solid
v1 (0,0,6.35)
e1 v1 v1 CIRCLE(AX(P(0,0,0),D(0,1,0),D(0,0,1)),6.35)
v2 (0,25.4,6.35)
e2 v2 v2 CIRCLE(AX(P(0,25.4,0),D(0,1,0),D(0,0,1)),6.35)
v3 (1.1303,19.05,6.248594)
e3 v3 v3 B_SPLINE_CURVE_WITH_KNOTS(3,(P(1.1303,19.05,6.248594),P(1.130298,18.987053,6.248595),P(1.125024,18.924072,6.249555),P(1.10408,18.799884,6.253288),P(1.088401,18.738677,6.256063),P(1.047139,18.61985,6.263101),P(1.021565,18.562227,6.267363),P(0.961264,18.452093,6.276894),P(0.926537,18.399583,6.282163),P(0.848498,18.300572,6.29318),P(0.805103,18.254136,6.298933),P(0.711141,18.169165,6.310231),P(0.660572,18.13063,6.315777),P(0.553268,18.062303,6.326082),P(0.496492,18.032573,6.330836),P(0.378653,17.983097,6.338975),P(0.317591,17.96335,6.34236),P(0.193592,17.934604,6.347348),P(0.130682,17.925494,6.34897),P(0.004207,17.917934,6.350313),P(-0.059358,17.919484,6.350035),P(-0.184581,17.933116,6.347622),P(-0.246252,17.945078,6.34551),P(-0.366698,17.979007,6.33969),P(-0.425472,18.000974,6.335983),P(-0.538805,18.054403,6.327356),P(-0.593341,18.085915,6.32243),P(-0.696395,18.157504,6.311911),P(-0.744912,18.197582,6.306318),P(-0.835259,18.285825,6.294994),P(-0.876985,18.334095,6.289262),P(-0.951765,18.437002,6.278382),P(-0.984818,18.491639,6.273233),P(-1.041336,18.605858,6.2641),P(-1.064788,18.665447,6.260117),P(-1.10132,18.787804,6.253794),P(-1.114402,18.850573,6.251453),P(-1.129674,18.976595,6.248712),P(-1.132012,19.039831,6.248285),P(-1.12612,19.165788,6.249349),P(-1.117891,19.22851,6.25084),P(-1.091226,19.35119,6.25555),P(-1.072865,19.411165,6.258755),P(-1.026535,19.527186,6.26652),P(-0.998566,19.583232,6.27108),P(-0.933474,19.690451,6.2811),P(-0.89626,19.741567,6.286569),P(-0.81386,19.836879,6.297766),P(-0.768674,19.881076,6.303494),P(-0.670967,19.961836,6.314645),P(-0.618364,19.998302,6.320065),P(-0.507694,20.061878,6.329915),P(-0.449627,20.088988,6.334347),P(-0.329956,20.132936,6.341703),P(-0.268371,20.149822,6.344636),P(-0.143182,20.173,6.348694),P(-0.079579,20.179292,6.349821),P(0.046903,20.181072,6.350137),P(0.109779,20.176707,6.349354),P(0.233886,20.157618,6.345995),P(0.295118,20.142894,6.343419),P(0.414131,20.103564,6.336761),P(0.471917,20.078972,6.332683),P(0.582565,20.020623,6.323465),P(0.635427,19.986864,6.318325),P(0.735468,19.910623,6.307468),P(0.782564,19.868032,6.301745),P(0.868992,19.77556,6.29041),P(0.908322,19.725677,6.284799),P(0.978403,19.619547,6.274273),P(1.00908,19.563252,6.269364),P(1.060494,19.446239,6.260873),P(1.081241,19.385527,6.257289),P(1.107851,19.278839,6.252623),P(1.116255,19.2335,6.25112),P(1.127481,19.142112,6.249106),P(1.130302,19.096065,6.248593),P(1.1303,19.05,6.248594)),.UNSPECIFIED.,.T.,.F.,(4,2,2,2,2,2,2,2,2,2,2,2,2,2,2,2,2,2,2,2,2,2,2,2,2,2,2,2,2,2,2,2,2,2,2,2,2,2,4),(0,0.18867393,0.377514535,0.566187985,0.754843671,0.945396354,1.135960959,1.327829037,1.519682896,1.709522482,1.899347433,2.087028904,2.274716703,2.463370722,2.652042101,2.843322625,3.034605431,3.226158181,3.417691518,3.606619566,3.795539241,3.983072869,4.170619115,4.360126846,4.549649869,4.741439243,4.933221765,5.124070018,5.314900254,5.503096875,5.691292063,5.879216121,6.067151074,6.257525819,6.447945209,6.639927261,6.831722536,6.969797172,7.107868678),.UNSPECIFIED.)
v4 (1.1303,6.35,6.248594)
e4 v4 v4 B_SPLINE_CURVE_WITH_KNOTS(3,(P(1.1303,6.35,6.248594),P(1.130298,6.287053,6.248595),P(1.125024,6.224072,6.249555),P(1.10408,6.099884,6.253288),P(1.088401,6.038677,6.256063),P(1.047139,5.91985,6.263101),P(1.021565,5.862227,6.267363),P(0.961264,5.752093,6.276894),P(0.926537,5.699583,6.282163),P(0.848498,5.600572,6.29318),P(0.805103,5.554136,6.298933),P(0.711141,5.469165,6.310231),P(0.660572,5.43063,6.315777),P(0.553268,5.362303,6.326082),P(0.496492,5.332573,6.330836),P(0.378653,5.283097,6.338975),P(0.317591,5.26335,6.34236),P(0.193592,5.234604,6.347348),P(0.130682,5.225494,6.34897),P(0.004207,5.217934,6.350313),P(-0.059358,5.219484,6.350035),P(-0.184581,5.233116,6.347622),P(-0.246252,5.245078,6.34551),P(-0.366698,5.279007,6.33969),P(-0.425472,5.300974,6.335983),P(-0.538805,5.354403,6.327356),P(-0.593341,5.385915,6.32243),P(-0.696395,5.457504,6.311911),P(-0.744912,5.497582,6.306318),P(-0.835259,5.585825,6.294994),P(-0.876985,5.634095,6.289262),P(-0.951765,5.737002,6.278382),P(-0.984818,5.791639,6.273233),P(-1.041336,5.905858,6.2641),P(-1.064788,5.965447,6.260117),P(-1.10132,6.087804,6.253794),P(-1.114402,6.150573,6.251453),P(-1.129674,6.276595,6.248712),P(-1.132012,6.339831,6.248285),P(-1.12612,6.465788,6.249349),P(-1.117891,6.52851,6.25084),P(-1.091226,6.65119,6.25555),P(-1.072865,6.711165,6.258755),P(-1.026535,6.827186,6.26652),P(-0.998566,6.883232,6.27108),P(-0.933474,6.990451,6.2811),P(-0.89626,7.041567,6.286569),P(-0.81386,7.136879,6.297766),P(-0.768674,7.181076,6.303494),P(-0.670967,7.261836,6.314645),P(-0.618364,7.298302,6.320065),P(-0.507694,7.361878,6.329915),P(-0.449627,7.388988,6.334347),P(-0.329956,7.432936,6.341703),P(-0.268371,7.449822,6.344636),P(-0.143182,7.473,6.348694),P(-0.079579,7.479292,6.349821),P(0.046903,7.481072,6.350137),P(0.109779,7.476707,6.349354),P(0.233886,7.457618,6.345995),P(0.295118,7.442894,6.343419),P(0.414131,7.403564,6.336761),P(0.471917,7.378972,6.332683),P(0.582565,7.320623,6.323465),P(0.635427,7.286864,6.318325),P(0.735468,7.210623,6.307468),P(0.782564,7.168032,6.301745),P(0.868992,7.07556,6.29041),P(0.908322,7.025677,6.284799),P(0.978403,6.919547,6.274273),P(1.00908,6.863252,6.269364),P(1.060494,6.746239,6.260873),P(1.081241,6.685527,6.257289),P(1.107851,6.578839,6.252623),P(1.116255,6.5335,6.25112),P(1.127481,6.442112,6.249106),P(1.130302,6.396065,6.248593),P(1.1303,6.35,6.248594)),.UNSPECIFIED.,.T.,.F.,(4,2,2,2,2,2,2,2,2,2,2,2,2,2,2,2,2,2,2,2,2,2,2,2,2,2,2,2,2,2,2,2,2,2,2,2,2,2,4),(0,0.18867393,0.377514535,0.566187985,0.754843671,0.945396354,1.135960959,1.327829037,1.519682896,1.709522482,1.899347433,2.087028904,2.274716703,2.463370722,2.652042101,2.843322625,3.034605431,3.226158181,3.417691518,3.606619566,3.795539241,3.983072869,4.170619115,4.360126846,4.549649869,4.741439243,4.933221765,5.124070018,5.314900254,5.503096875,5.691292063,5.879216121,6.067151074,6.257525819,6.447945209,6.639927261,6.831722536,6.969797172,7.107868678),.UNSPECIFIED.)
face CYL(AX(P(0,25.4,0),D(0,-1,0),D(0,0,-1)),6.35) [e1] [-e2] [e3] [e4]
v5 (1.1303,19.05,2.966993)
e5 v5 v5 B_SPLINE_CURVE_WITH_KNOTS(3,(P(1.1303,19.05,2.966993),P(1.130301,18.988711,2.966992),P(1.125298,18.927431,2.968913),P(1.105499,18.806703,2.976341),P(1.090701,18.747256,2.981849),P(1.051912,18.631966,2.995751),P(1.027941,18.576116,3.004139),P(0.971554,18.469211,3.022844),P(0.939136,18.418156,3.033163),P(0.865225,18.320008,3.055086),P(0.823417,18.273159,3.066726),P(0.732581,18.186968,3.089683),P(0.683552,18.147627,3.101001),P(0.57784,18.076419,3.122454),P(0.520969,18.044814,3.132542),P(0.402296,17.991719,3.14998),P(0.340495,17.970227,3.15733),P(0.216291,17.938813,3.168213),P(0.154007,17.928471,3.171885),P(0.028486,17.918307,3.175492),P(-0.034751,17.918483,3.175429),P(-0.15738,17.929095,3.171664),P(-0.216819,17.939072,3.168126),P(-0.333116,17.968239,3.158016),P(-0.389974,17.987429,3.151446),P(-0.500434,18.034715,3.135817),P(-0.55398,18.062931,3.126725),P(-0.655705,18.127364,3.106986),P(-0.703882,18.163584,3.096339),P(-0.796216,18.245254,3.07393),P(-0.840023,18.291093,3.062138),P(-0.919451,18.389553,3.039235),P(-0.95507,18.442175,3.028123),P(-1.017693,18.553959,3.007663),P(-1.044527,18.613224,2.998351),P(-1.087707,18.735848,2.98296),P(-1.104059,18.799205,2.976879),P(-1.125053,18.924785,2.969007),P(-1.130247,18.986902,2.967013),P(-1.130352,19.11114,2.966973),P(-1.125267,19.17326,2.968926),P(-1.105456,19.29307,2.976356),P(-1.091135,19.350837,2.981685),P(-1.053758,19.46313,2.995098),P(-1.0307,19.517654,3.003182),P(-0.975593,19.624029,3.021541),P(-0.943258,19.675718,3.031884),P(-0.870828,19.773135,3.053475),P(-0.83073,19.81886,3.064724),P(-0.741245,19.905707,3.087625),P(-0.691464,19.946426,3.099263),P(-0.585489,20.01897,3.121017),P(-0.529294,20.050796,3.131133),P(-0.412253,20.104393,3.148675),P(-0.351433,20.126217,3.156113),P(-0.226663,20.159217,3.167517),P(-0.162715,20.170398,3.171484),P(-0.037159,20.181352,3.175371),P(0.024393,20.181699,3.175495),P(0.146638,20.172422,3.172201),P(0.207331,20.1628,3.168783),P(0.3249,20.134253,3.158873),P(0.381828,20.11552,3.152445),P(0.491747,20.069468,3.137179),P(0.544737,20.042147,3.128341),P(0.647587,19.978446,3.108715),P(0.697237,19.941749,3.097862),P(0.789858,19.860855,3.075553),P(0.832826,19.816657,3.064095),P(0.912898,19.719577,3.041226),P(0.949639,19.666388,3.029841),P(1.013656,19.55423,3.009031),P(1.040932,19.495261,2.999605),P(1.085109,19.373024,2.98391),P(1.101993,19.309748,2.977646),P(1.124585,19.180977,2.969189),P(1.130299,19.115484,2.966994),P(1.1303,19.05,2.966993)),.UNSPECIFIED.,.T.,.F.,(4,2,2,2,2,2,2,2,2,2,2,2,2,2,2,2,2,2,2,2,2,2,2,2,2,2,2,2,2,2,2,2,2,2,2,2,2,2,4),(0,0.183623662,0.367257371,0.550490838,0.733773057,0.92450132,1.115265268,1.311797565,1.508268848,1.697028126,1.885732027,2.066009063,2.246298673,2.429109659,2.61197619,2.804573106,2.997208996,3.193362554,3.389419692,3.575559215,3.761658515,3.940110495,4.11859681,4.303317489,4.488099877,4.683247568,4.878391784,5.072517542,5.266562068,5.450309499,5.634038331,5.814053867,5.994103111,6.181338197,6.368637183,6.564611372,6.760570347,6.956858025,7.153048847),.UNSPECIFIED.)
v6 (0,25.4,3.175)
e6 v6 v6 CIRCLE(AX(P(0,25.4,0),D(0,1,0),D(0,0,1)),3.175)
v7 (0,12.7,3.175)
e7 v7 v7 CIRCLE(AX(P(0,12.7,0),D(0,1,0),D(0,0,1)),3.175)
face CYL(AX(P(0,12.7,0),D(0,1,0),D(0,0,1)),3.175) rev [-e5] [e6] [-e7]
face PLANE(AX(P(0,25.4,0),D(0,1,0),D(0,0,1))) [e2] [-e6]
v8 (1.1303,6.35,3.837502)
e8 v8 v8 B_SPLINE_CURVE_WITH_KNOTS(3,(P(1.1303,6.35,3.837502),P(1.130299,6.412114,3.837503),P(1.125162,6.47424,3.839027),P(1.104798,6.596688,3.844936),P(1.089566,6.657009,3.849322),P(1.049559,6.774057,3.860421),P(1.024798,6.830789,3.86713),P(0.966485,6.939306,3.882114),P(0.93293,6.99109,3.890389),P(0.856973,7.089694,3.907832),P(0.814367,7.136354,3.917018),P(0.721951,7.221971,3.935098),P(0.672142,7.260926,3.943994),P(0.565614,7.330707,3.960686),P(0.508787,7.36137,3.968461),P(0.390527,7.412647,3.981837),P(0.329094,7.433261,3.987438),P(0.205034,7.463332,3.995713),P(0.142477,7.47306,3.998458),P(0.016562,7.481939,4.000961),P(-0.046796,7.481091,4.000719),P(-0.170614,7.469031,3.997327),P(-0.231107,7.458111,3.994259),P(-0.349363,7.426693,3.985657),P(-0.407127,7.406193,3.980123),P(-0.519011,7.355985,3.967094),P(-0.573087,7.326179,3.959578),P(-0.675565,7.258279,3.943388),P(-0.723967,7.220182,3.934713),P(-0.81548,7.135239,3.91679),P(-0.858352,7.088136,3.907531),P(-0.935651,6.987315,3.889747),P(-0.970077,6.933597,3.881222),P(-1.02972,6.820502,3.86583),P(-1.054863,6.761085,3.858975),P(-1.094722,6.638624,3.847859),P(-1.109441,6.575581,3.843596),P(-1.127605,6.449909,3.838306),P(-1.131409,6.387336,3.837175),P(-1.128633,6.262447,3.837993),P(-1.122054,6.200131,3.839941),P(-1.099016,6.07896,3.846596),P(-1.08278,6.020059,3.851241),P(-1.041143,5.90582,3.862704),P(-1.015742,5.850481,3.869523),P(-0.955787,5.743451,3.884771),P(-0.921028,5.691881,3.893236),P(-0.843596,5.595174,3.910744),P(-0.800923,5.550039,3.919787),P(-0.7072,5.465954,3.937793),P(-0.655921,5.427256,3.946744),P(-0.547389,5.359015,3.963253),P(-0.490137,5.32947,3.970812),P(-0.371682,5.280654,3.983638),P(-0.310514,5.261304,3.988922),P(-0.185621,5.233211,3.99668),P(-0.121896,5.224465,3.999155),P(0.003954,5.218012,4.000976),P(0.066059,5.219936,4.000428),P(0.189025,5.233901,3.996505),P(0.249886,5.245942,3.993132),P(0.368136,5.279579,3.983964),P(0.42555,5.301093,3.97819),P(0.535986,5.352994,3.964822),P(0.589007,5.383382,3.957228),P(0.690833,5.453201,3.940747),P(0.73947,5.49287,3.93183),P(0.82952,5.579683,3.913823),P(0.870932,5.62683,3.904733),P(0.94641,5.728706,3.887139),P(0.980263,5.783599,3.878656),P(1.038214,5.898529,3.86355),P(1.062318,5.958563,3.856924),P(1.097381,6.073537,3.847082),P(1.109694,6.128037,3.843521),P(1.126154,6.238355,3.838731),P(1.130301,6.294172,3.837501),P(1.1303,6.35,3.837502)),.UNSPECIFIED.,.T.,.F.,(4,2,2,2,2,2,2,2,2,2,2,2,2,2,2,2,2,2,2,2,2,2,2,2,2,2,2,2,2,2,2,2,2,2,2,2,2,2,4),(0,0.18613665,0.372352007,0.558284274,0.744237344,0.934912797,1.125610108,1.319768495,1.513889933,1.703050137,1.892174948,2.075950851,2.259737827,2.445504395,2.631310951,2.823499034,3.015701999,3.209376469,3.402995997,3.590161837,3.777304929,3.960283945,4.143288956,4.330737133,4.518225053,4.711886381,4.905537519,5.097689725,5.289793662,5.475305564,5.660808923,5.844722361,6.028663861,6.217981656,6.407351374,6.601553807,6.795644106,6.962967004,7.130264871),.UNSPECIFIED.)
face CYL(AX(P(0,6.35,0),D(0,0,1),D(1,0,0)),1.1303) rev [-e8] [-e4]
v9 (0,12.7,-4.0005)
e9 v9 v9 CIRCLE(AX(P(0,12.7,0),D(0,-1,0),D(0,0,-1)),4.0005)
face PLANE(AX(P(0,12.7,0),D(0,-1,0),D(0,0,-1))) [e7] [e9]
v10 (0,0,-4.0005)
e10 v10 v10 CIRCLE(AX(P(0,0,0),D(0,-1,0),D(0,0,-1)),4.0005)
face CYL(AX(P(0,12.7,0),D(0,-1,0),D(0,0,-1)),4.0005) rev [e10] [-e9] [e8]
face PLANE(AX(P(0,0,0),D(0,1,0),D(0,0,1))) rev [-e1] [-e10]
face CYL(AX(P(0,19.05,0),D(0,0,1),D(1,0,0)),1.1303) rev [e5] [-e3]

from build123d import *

# Parameters (mm, degrees)
SKETCH1_R               = 6.35
BOSS_EXTRUDE1_DEPTH     = 25.4
CUT_EXTRUDE2_DEPTH      = 27.940768363
CUT_EXTRUDE2_DEPTH_BACK = 12.7
SKETCH3_R               = 4
SKETCH6_R               = 4.0005
CUT_EXTRUDE5_DEPTH      = 12.7
SKETCH4_R               = 1.1303
CUT_EXTRUDE3_DEPTH      = 6.35
SKETCH7_R               = 3.175
CUT_EXTRUDE6_DEPTH      = 12.7


with BuildPart() as part:
    # Sketch1 → Boss-Extrude1 (new body)
    with BuildSketch(Plane(origin=(0, 0, 0), x_dir=(1, 0, 0), z_dir=(0, 1, 0))):
        with Locations(Location((0, 0, 0), (0, 0, 270))):
            Circle(SKETCH1_R)
    extrude(amount=BOSS_EXTRUDE1_DEPTH)

    # Sketch3 → Cut-Extrude2 (cut, two sides: drawn at the far end of the back side and taken through both)
    with BuildSketch(Plane.XZ.offset(-CUT_EXTRUDE2_DEPTH_BACK)):
        with Locations(Location((0, 0, 0), (0, 0, 90))):
            Circle(SKETCH3_R)
    extrude(amount=CUT_EXTRUDE2_DEPTH + CUT_EXTRUDE2_DEPTH_BACK, mode=Mode.SUBTRACT)

    # Sketch6 → Cut-Extrude5 (cut)
    with BuildSketch(Plane(origin=(0, 0, 0), x_dir=(-1, 0, 0), z_dir=(0, -1, 0))):
        with Locations(Location((0, 0, 0), (0, 0, 90))):
            Circle(SKETCH6_R)
    extrude(amount=-CUT_EXTRUDE5_DEPTH, mode=Mode.SUBTRACT)

    # Sketch4 → Cut-Extrude3 (cut)
    with BuildSketch(Plane.XY.offset(6.35)):
        with Locations((0, 6.35)):
            Circle(SKETCH4_R)
        with Locations((0, 19.05)):
            Circle(SKETCH4_R)
    extrude(amount=-CUT_EXTRUDE3_DEPTH, mode=Mode.SUBTRACT)

    # Sketch7 → Cut-Extrude6 (cut)
    with BuildSketch(Plane(origin=(0, 25.4, 0), x_dir=(1, 0, 0), z_dir=(0, 1, 0))):
        with Locations(Location((0, 0, 0), (0, 0, 270))):
            Circle(SKETCH7_R)
    extrude(amount=-CUT_EXTRUDE6_DEPTH, mode=Mode.SUBTRACT)


solid = part.part
